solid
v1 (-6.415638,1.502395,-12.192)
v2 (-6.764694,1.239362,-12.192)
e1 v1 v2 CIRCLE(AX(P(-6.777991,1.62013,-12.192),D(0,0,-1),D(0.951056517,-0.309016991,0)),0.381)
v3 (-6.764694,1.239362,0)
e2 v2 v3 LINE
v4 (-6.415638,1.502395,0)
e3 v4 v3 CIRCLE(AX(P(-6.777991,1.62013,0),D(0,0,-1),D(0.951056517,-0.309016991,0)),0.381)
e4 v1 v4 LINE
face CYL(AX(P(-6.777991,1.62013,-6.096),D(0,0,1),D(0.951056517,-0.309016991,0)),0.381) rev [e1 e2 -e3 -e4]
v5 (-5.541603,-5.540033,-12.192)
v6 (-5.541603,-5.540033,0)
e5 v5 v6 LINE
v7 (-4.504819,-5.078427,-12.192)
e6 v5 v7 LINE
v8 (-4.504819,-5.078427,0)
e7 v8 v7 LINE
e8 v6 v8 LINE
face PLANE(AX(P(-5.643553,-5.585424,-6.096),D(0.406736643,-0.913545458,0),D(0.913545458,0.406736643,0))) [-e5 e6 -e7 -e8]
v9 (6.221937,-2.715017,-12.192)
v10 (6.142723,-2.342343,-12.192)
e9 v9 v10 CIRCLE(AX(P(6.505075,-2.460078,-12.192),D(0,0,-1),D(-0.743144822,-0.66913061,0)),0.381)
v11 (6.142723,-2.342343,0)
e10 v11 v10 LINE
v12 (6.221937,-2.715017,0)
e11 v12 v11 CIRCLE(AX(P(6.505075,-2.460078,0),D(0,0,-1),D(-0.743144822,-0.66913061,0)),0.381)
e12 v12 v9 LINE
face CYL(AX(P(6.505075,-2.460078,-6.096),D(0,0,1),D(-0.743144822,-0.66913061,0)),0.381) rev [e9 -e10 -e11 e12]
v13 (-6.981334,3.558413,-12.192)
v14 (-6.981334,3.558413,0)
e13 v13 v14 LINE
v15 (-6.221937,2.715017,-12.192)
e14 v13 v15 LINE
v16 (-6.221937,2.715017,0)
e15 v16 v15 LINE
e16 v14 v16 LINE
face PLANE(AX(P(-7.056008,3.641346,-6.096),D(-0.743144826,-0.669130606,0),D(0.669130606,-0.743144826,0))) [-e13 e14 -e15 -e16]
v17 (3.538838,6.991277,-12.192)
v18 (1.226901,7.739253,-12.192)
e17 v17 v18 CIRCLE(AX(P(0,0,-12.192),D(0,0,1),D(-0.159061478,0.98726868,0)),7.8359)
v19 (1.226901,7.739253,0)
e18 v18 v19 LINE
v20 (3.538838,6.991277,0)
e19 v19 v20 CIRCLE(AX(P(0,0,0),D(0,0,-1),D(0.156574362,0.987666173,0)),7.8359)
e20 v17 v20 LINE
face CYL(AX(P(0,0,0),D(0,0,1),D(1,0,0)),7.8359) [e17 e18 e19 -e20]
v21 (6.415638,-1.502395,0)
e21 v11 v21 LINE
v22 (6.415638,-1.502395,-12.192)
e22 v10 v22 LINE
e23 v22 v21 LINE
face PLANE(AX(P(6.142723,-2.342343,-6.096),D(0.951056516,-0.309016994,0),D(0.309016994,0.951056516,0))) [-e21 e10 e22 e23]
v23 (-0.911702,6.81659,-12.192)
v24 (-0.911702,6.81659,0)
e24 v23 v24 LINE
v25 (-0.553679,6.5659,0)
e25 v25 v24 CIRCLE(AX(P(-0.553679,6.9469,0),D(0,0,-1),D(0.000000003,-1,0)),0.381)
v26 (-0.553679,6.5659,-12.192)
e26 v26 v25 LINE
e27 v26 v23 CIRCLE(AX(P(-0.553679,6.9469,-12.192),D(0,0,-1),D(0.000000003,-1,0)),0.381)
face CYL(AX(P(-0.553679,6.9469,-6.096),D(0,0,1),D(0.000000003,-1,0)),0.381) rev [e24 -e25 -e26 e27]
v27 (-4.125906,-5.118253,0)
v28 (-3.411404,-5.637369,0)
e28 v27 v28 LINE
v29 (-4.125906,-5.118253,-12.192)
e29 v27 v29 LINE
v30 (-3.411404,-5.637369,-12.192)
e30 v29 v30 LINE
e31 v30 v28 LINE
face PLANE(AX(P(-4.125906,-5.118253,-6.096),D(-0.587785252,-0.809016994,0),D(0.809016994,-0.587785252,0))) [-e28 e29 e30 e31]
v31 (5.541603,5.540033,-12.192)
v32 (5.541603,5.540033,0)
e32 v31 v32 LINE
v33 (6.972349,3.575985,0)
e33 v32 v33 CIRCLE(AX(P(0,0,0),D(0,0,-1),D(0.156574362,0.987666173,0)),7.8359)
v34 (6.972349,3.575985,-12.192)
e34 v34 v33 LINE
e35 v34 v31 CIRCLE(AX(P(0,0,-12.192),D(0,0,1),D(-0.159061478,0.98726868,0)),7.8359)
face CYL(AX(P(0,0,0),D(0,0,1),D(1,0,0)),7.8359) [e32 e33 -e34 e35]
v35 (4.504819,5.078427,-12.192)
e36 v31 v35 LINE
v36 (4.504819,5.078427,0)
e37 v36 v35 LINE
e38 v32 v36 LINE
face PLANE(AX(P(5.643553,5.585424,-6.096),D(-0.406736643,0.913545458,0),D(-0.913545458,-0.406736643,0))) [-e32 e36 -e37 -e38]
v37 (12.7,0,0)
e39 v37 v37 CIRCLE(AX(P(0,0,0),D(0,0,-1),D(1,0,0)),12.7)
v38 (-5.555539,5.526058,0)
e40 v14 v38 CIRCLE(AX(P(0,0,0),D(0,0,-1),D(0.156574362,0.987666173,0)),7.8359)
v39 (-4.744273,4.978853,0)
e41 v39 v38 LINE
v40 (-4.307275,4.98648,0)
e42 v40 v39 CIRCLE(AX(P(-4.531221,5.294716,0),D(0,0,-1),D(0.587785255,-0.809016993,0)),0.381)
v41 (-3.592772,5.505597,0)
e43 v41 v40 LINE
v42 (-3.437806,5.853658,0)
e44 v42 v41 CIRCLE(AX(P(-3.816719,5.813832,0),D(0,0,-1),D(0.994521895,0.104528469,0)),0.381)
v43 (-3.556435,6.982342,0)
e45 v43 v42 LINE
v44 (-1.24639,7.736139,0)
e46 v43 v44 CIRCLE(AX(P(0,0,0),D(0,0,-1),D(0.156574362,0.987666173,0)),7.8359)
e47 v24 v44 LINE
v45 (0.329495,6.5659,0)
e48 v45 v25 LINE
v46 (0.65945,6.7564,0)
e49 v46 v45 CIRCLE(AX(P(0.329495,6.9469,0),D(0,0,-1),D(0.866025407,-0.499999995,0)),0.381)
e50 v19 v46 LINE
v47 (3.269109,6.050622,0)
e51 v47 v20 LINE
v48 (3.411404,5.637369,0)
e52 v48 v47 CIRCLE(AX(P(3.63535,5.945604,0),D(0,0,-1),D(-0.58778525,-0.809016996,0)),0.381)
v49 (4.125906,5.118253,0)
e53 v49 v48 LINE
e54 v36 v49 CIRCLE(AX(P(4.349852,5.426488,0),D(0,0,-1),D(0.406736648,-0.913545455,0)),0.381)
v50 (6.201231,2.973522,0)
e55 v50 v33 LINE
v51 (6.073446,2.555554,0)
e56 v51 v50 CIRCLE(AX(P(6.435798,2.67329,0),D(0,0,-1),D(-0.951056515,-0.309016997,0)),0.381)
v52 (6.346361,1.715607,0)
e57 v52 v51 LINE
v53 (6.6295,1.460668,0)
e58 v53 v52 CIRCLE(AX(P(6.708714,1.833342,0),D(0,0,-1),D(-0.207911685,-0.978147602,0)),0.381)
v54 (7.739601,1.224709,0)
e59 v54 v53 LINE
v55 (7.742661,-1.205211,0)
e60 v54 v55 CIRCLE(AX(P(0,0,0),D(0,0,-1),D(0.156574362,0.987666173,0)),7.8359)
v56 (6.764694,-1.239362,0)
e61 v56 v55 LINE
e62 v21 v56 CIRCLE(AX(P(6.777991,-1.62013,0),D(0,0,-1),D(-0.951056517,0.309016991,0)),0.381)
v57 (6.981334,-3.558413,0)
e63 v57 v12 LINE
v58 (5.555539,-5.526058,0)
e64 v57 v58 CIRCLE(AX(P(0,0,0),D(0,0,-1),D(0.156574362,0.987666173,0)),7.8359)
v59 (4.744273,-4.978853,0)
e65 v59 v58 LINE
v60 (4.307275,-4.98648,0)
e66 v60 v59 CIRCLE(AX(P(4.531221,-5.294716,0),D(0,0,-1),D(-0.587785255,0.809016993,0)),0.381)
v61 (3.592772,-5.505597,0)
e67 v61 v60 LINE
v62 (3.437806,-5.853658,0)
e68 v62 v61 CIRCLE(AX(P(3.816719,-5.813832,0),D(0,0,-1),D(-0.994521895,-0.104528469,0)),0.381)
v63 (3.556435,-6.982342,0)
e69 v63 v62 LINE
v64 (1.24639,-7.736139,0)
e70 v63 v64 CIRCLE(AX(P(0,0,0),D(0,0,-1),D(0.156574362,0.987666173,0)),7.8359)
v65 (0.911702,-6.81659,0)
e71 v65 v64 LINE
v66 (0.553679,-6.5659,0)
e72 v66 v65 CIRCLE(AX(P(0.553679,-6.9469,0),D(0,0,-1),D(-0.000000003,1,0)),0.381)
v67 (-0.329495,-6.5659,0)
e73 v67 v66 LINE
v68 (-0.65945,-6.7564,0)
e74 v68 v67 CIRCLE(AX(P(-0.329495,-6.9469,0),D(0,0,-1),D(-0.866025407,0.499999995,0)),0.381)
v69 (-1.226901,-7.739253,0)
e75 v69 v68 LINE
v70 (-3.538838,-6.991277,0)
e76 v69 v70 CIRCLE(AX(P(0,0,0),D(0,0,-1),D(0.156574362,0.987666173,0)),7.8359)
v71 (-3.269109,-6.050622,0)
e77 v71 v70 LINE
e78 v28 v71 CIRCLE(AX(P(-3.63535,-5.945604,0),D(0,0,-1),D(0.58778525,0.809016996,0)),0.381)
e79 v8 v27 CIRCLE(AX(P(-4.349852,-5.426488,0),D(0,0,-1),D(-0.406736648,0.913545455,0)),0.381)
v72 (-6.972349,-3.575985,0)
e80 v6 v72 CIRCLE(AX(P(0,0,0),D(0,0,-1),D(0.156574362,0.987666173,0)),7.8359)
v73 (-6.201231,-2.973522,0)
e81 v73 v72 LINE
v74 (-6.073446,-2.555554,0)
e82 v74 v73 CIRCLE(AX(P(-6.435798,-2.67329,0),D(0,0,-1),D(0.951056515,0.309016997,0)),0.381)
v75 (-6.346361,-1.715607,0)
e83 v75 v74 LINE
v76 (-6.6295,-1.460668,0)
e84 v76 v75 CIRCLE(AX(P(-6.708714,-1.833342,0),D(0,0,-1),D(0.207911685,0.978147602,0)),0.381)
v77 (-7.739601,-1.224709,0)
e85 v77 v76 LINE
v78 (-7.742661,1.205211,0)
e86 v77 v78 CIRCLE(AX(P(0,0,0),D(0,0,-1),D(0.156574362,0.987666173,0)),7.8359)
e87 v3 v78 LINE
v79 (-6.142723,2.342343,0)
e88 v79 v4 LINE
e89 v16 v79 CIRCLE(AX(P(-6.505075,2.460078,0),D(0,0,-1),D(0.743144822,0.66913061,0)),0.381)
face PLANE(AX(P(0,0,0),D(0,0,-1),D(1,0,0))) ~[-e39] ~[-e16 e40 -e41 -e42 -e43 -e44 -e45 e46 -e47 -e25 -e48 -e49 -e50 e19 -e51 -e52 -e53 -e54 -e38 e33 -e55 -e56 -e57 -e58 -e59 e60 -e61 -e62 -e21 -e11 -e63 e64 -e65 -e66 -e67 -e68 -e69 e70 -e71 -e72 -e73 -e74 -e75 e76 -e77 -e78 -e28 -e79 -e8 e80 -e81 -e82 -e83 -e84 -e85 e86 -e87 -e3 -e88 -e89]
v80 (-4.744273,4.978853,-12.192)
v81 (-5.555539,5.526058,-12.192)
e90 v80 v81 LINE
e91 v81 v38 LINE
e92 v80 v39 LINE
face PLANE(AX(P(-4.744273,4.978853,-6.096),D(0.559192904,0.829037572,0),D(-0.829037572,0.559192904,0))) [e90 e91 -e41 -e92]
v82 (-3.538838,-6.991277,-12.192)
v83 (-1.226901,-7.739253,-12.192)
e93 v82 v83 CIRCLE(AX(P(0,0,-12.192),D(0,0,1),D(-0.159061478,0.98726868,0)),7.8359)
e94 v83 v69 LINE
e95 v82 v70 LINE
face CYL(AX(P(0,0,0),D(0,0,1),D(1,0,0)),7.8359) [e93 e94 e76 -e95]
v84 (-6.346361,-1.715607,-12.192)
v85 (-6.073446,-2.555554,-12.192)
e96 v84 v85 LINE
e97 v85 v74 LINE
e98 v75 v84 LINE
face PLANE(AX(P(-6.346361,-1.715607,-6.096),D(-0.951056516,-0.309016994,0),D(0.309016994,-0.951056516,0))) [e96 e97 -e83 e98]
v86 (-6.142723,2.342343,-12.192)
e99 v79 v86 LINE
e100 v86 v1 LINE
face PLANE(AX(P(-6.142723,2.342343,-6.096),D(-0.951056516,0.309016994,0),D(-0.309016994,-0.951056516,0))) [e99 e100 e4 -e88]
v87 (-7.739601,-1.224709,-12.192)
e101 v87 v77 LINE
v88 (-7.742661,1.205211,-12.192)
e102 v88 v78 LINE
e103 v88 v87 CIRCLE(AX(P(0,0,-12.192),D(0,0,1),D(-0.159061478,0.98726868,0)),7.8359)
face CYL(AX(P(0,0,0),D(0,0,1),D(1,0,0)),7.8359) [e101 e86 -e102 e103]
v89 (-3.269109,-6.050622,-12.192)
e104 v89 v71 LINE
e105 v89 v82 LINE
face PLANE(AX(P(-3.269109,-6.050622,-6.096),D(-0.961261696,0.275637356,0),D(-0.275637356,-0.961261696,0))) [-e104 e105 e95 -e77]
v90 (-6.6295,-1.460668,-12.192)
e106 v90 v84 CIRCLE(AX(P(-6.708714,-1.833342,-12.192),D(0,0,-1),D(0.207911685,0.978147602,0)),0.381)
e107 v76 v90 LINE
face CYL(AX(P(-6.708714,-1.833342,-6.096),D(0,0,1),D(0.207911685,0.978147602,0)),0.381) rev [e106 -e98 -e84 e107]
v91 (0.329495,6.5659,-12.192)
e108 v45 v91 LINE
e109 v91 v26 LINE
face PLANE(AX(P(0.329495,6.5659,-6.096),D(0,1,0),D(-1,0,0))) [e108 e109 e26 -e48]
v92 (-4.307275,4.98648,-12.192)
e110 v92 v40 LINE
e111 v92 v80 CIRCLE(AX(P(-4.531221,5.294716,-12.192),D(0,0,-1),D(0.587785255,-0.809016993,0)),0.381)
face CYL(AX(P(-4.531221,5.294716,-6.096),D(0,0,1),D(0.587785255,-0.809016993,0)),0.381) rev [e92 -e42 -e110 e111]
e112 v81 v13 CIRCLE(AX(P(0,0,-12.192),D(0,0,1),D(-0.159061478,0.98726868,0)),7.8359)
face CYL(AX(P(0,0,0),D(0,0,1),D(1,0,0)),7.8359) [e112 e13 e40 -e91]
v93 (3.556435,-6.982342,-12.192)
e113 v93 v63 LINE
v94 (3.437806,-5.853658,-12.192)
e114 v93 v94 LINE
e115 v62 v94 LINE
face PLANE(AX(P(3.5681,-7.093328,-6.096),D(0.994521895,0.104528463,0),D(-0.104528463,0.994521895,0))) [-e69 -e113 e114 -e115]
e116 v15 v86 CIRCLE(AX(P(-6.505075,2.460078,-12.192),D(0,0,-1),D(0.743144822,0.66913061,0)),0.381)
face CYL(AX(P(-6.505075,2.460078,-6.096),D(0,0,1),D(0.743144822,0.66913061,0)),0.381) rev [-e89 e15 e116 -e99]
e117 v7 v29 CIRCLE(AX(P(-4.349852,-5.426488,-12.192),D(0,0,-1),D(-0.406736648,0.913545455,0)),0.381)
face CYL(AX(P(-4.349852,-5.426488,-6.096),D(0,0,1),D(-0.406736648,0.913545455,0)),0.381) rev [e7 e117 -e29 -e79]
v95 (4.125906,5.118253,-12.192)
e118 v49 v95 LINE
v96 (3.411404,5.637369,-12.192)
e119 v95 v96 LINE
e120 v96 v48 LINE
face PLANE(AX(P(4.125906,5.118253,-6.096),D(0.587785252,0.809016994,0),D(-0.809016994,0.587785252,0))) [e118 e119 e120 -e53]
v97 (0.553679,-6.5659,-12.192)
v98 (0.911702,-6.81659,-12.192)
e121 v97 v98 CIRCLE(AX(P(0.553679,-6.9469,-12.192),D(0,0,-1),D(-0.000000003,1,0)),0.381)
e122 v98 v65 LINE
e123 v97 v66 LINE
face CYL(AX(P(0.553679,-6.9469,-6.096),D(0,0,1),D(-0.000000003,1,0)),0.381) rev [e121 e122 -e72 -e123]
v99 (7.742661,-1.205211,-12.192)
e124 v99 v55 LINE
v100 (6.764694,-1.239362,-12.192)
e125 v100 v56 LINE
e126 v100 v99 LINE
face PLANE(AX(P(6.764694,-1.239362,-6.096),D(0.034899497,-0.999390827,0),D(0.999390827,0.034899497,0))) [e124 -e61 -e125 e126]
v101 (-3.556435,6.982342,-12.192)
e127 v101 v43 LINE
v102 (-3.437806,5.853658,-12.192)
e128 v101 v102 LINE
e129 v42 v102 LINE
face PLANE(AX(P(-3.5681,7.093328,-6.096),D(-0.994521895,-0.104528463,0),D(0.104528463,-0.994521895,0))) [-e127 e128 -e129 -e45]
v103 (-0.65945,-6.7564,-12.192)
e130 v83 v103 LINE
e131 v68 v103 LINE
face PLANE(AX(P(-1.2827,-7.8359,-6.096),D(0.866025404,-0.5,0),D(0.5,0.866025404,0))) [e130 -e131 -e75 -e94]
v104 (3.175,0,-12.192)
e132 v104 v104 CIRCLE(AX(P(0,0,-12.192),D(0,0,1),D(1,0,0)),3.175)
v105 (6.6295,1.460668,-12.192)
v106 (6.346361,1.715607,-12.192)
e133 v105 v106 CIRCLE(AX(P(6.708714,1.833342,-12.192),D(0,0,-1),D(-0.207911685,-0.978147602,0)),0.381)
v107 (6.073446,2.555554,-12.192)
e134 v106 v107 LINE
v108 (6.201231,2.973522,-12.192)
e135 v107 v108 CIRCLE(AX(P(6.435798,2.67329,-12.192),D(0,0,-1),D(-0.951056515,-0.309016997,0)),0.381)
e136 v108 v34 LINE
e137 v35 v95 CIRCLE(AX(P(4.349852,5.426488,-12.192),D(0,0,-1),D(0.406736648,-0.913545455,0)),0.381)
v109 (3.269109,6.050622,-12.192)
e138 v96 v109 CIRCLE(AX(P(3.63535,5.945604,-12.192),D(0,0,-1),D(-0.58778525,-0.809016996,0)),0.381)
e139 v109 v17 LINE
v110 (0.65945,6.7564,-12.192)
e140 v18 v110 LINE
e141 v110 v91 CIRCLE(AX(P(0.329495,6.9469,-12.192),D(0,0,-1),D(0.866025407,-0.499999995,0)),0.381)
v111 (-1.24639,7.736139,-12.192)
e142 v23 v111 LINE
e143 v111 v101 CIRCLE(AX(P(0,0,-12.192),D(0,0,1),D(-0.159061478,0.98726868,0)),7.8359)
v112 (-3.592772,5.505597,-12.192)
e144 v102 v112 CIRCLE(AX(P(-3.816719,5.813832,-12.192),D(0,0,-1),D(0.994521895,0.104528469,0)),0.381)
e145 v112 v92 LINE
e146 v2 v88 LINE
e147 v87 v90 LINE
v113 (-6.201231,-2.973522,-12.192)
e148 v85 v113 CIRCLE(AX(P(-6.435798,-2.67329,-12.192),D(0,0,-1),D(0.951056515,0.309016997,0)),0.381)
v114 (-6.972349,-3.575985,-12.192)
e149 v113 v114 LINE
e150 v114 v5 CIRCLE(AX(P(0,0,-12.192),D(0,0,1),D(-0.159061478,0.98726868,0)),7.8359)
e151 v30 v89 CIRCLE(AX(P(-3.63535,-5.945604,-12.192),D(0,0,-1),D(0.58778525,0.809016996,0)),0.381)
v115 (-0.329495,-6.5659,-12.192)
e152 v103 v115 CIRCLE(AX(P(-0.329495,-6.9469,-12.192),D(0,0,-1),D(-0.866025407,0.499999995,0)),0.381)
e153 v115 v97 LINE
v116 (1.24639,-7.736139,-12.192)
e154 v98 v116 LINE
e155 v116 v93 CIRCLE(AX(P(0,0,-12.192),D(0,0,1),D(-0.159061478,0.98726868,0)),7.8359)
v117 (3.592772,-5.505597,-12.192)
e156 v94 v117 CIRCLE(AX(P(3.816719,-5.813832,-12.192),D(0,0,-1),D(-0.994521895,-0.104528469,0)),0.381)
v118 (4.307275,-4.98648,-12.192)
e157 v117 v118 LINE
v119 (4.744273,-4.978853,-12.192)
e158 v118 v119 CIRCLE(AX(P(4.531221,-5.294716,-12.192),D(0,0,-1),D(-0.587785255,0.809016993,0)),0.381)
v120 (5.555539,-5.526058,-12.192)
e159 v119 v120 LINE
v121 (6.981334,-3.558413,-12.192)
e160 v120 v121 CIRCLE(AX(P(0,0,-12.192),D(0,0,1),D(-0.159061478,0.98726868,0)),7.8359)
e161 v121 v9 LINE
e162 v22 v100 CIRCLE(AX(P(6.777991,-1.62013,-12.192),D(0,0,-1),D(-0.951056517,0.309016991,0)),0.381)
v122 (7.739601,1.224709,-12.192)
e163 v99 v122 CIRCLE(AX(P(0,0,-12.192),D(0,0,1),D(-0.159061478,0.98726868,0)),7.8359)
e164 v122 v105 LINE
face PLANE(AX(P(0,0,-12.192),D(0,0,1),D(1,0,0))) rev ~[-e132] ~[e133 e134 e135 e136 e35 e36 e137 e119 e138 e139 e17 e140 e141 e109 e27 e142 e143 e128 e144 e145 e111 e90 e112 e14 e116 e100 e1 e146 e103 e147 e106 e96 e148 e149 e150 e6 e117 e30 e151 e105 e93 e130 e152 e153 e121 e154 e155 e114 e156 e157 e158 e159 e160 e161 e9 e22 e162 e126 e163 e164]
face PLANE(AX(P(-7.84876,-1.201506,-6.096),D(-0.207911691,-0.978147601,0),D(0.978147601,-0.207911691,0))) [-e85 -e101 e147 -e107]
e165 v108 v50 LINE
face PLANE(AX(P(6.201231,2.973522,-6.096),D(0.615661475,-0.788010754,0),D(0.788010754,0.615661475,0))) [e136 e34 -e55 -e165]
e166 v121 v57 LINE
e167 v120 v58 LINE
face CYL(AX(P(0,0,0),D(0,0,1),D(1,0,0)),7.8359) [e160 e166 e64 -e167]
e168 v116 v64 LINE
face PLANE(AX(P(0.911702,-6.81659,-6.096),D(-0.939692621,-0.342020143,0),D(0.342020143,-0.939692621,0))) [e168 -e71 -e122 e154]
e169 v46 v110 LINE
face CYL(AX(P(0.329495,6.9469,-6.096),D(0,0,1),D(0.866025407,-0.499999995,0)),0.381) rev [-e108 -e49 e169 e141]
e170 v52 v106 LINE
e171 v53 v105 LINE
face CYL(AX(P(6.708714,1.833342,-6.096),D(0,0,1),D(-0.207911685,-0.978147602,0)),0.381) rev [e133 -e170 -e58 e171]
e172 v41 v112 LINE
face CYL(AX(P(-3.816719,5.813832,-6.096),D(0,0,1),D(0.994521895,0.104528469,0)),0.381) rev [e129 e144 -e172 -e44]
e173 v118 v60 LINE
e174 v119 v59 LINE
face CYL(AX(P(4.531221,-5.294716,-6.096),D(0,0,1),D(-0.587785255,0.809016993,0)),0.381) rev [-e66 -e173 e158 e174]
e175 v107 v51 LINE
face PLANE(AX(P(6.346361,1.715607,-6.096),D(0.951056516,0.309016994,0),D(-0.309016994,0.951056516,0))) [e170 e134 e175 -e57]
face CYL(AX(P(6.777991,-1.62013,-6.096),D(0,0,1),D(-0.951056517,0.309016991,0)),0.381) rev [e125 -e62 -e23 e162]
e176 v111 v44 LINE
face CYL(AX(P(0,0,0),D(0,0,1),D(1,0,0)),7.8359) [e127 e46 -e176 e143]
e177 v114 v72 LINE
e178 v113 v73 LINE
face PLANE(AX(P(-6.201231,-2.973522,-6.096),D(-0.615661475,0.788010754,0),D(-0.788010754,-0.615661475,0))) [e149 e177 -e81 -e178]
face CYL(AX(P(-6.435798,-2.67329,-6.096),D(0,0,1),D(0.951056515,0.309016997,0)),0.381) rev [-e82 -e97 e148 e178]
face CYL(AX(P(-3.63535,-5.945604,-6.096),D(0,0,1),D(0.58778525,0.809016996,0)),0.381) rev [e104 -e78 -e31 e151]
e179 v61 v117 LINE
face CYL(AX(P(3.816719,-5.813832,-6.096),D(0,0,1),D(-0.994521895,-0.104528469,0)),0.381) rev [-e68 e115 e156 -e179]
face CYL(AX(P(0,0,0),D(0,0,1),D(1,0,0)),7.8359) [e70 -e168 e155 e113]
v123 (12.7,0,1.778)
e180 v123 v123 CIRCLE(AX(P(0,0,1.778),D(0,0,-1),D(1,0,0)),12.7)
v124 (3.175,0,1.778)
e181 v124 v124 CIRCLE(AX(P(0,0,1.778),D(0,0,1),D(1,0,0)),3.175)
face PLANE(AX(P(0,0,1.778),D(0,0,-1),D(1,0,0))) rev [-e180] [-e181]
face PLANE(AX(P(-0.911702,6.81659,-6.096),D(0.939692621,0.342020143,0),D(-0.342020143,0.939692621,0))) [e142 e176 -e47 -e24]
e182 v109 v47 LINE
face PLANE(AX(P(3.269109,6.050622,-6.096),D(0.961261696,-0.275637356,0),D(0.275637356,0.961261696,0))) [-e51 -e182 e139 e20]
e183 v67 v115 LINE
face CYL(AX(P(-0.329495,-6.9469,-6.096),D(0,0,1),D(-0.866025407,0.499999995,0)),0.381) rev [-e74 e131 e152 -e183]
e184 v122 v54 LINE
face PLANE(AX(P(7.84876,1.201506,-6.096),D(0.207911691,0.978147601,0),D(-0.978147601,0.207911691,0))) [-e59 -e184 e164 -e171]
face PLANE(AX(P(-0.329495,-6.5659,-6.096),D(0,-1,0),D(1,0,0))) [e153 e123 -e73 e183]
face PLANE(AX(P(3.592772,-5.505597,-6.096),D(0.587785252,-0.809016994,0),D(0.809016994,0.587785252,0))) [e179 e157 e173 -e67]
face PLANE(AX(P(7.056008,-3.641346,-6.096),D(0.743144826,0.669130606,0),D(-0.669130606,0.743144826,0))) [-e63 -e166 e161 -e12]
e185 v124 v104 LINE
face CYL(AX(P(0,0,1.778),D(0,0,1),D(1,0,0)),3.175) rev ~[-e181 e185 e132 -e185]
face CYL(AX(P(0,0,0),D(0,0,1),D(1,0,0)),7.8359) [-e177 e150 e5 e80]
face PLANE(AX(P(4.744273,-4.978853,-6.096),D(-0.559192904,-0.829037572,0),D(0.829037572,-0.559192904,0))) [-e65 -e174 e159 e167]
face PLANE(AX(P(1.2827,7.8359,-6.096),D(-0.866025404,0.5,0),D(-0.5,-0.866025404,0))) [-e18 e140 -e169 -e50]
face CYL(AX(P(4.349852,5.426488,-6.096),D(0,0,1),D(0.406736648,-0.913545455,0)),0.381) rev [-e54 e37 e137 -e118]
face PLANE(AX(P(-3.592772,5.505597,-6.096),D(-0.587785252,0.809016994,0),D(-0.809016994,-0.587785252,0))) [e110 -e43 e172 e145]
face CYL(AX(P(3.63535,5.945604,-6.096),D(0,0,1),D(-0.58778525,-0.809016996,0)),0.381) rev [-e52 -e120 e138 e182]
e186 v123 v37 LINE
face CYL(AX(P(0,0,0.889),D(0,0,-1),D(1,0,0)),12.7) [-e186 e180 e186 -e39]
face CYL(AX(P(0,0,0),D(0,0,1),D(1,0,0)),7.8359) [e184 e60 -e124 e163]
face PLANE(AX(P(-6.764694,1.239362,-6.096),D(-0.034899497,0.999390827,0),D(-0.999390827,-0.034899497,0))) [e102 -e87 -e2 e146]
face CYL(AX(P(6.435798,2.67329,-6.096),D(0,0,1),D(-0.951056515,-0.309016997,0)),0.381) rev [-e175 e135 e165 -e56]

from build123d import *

# Parameters (mm, degrees)
SKETCH1_R        = 7.8359
BASEPULLEY_DEPTH = 12.192
GROOVE_DEPTH     = 6.096
GROOVES_COUNT    = 10
GROOVES_ANGLE    = 324
SKETCH4_W        = 1.778
SKETCH4_H        = 12.7
BORSKE_R         = 3.175
BORE_DEPTH       = 23.753920541


with BuildPart() as part:
    # Sketch1 → BasePulley (new body)
    with BuildSketch(Plane.XY):
        Circle(SKETCH1_R)
    extrude(amount=-BASEPULLEY_DEPTH)

    # Sketch3 → Groove (cut, symmetric)
    with BuildSketch(Plane.XY.offset(-6.096)):
        with BuildLine():
            Line((-1.2827, 7.8359), (-1.2827, 33.2359))
            Line((-1.2827, 33.2359), (1.2827, 33.2359))
            Line((1.2827, 33.2359), (1.2827, 7.8359))
            Line((1.2827, 7.8359), (0.659450384, 6.7564))
            ThreePointArc((0.659450384, 6.7564), (0.519994706, 6.616944321), (0.329494706, 6.5659))
            Line((0.329494706, 6.5659), (-0.55367873, 6.5659))
            ThreePointArc((-0.55367873, 6.5659), (-0.772211353, 6.634803071), (-0.911701619, 6.816590325))
            Line((-0.911701619, 6.816590325), (-1.2827, 7.8359))
        make_face()
    groove = extrude(amount=GROOVE_DEPTH, both=True, mode=Mode.SUBTRACT)

    # Grooves: Groove ×10 about axis
    grooves_axis = Axis((0, 0, -12.192), (0, 0, 1))
    for i in range(1, GROOVES_COUNT):
        add(groove.rotate(grooves_axis, i * GROOVES_ANGLE / (GROOVES_COUNT - 1)), mode=Mode.SUBTRACT)

    # Sketch4 → BaseHub (revolve)
    with BuildSketch(Plane(origin=(0, 0, 0), x_dir=(0, 0, -1), z_dir=(1, 0, 0)), mode=Mode.PRIVATE) as basehub_sk:
        with Locations((-0.889, 6.35)):
            Rectangle(SKETCH4_W, SKETCH4_H)
    revolve(basehub_sk.sketch.rotate(Axis((0, 0, 0), (0, 0, -1)), 90), axis=Axis((0, 0, 0), (0, 0, -1)))

    # BorSke → Bore (cut, through all)
    with BuildSketch(Plane.XY.offset(1.778)):
        Circle(BORSKE_R)
    extrude(amount=-BORE_DEPTH, mode=Mode.SUBTRACT)


solid = part.part
